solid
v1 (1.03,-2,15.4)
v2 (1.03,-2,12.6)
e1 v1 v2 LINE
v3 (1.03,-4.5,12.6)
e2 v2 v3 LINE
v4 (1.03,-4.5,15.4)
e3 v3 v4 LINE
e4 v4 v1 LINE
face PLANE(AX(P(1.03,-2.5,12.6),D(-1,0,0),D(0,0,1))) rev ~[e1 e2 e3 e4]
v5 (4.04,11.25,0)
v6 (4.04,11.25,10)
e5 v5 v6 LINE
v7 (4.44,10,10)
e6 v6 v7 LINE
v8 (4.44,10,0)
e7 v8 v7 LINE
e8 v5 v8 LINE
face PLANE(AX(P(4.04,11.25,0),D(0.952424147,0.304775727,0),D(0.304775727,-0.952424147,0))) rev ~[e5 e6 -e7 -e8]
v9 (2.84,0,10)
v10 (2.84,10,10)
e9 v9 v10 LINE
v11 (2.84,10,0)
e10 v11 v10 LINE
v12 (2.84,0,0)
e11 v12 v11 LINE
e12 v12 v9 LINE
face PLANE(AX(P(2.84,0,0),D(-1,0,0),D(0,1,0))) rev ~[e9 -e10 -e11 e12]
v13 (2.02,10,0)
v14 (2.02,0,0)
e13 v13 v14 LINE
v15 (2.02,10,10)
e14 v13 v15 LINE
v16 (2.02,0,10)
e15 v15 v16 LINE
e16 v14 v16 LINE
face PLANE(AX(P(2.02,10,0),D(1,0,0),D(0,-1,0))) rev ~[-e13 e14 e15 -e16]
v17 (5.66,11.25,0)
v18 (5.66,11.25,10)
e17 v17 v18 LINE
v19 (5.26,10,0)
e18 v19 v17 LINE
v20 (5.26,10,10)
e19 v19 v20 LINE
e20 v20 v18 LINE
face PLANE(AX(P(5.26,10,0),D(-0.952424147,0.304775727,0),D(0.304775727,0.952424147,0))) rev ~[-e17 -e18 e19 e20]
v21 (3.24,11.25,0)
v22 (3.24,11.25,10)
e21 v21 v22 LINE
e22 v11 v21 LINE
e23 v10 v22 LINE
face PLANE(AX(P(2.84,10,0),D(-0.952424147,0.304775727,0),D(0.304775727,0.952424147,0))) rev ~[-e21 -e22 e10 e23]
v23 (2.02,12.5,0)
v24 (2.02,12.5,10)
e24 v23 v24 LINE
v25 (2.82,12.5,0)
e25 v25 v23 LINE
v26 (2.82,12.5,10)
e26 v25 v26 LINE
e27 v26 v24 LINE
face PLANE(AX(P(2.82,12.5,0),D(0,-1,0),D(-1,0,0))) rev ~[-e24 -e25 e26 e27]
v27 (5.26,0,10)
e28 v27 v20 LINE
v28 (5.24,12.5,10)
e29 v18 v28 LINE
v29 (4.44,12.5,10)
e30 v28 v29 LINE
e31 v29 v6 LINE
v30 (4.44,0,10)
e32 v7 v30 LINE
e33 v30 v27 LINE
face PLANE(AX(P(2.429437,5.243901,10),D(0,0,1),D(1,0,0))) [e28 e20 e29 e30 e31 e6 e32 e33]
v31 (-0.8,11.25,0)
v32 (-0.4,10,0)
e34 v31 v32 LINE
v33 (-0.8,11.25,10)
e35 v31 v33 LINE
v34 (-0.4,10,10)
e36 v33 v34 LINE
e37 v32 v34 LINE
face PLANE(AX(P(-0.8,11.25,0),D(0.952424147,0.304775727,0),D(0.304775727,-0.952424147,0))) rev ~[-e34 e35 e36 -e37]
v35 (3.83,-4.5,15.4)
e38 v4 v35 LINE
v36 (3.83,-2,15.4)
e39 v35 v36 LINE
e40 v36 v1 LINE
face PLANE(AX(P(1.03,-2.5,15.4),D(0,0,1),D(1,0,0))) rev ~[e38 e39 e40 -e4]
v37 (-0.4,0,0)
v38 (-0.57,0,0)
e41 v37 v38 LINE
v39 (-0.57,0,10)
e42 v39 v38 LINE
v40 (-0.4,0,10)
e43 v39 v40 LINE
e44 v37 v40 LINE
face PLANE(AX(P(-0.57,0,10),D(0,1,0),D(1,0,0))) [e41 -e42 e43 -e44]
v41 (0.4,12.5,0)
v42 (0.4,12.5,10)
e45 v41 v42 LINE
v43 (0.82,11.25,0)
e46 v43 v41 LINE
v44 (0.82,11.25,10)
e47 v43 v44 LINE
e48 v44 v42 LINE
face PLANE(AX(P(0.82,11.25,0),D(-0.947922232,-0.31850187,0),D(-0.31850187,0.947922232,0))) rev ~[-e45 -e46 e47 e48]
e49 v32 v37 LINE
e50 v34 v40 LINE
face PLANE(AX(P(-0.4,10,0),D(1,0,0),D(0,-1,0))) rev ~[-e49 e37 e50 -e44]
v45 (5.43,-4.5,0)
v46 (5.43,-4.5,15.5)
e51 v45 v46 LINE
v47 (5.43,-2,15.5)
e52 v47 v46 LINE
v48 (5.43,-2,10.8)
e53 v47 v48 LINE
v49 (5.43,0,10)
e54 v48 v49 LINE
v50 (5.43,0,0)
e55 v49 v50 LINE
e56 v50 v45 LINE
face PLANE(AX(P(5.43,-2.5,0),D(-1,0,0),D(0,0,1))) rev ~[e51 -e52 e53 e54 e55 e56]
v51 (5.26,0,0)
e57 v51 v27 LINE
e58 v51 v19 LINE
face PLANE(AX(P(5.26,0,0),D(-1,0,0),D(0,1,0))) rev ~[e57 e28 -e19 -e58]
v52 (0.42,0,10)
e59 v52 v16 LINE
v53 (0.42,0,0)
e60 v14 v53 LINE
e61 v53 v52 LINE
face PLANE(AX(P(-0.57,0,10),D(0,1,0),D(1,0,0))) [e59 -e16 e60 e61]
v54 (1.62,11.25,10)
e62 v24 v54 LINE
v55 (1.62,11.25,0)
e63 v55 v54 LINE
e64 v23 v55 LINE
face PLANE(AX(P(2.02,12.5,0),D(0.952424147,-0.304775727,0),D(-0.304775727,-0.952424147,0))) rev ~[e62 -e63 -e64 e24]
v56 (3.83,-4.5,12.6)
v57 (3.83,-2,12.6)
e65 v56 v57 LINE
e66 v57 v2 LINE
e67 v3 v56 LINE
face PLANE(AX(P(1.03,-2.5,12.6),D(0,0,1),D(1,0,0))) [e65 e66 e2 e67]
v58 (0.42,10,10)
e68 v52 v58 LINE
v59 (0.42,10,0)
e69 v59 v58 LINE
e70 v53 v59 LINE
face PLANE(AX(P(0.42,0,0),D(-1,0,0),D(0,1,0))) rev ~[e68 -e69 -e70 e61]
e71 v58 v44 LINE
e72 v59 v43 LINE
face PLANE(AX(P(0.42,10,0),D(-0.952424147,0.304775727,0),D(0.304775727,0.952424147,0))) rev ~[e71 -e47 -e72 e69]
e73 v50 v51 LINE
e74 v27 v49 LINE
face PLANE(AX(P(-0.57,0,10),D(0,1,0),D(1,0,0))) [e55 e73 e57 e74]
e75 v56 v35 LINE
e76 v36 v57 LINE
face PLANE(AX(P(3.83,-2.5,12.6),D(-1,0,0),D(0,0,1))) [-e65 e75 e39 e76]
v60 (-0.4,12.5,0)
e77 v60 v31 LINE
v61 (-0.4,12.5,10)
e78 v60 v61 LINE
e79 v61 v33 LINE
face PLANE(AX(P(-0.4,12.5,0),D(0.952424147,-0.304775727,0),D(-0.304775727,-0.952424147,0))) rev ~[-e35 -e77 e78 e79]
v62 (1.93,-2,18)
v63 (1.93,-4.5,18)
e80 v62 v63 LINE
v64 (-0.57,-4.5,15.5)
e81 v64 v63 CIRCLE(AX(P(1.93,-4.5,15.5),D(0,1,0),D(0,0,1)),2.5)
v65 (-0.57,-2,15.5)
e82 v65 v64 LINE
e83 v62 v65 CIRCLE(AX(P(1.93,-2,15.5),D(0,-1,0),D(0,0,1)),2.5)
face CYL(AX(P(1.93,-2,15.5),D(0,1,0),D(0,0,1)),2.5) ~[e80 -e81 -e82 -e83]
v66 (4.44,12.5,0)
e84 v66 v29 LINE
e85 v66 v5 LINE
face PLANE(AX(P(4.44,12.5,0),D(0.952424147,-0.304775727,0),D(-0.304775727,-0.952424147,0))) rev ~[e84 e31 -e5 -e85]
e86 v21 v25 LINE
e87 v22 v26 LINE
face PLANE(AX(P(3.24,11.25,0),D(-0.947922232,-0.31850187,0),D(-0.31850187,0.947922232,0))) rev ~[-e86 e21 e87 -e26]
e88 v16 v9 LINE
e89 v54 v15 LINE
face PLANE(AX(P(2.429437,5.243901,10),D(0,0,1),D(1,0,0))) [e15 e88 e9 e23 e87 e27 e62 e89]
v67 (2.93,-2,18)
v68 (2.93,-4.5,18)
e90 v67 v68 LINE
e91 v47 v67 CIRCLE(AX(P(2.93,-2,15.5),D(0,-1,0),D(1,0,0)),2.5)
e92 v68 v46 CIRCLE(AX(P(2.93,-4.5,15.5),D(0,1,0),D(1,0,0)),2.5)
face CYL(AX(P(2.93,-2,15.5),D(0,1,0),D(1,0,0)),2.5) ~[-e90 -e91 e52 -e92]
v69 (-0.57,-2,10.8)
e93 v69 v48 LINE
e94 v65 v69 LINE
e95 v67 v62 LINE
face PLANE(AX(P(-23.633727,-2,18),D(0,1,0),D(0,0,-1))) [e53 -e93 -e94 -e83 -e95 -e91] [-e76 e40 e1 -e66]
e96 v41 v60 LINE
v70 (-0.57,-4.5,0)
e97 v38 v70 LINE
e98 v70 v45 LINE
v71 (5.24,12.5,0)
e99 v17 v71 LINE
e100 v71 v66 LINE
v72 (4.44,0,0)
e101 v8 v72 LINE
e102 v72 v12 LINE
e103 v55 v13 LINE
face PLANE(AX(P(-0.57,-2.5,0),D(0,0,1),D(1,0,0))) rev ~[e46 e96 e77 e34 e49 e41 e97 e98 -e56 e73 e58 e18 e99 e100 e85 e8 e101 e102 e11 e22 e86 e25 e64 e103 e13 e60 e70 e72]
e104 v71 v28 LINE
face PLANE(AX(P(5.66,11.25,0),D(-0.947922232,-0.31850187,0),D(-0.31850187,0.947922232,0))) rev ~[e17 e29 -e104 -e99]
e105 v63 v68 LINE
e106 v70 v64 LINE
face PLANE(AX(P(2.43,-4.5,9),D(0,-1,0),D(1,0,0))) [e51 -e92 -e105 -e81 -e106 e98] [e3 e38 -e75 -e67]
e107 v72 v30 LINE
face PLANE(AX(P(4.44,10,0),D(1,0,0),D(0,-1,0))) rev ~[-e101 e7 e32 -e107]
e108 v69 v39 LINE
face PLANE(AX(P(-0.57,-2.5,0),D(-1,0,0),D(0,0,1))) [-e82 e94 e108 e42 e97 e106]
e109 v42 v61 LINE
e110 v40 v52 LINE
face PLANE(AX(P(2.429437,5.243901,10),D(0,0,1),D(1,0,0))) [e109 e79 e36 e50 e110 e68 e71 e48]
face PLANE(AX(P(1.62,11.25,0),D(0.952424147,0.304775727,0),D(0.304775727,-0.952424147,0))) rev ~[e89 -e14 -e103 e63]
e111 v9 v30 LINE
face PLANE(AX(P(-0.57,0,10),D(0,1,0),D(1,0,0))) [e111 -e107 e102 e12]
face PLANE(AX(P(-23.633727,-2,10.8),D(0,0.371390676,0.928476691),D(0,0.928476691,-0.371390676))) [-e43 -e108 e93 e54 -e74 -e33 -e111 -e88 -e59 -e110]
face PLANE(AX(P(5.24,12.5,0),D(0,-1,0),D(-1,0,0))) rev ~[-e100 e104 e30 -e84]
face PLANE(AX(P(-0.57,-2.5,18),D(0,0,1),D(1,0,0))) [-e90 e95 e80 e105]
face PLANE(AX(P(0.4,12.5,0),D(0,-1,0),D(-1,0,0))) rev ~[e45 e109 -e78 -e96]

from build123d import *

# Parameters (mm, degrees)
RESSALTO_EXTRUS_O1_DEPTH   = 10
ESBO_O2_W                  = 6
ESBO_O2_H                  = 2.5
RESSALTO_EXTRUS_O2_DEPTH   = 8
ESBO_O3_W                  = 2.8
ESBO_O3_H                  = 2.8
CORTE_EXTRUS_O1_DEPTH      = 25.104680044
ESBO_O4_W                  = 6
ESBO_O4_H                  = 18
ESBO_O4_W_2                = 2.8
ESBO_O4_H_2                = 2.8
RESSALTO_EXTRUS_O3_DEPTH   = 2
CORTE_EXTRUS_O3_DEPTH      = 23.633727046
CORTE_EXTRUS_O3_DEPTH_BACK = 23.633727046
CORTE_EXTRUS_O4_DEPTH      = 24.796756081


with BuildPart() as part:
    # Esboço1 → Ressalto-extrusão1 (new body)
    with BuildSketch(Plane.XY):
        Polygon((-0.4, 0), (-0.57, 0), (-0.57, -2.5), (5.43, -2.5), (5.43, 0), (5.26, 0), (5.26, 10), (5.66, 11.25), (5.24, 12.5), (4.44, 12.5), (4.04, 11.25), (4.44, 10), (4.44, 0), (2.84, 0), (2.84, 10), (3.24, 11.25), (2.82, 12.5), (2.02, 12.5), (1.62, 11.25), (2.02, 10), (2.02, 0), (0.42, 0), (0.42, 10), (0.82, 11.25), (0.4, 12.5), (-0.4, 12.5), (-0.8, 11.25), (-0.4, 10), align=None)
    extrude(amount=RESSALTO_EXTRUS_O1_DEPTH)

    # Esboço2 → Ressalto-extrusão2 (add)
    with BuildSketch(Plane.XY.offset(10)):
        with Locations((2.43, -1.25)):
            Rectangle(ESBO_O2_W, ESBO_O2_H)
    extrude(amount=RESSALTO_EXTRUS_O2_DEPTH)

    # Esboço3 → Corte-extrusão1 (cut, through all)
    with BuildSketch(Plane.XZ.offset(2.5)):
        with Locations((2.43, 14)):
            Rectangle(ESBO_O3_W, ESBO_O3_H)
    extrude(amount=-CORTE_EXTRUS_O1_DEPTH, mode=Mode.SUBTRACT)

    # Esboço4 → Ressalto-extrusão3 (add)
    with BuildSketch(Plane.XZ.offset(2.5)):
        with Locations((2.43, 9)):
            Rectangle(ESBO_O4_W, ESBO_O4_H)
        with Locations((2.43, 14)):
            Rectangle(ESBO_O4_W_2, ESBO_O4_H_2, mode=Mode.SUBTRACT)
    extrude(amount=RESSALTO_EXTRUS_O3_DEPTH)

    # Esboço6 → Corte-extrusão3 (cut, two sides: drawn at the far end of the back side and taken through both)
    with BuildSketch(Plane(origin=(0, 0, 0), x_dir=(0, 0, -1), z_dir=(1, 0, 0)).offset(-CORTE_EXTRUS_O3_DEPTH_BACK)):
        Polygon((-18, 0), (-18, -2), (-14, -2), (-10.8, -2), (-10, 0), align=None)
    extrude(amount=CORTE_EXTRUS_O3_DEPTH + CORTE_EXTRUS_O3_DEPTH_BACK, mode=Mode.SUBTRACT)

    # Esboço7 → Corte-extrusão4 (cut, through all)
    with BuildSketch(Plane(origin=(0, -2, 0), x_dir=(1, 0, 0), z_dir=(0, 1, 0))):
        with BuildLine():
            Line((-0.57, -15.5), (-3.321312229, -15.5))
            Line((-3.321312229, -15.5), (-3.321312229, -18.857639181))
            Line((-3.321312229, -18.857639181), (8.546861735, -18.857639181))
            Line((8.546861735, -18.857639181), (8.546861735, -15.5))
            Line((8.546861735, -15.5), (5.43, -15.5))
            ThreePointArc((5.43, -15.5), (4.697766953, -17.267766953), (2.93, -18))
            Line((2.93, -18), (1.93, -18))
            ThreePointArc((1.93, -18), (0.162233047, -17.267766953), (-0.57, -15.5))
        make_face()
    extrude(amount=-CORTE_EXTRUS_O4_DEPTH, mode=Mode.SUBTRACT)


solid = part.part
